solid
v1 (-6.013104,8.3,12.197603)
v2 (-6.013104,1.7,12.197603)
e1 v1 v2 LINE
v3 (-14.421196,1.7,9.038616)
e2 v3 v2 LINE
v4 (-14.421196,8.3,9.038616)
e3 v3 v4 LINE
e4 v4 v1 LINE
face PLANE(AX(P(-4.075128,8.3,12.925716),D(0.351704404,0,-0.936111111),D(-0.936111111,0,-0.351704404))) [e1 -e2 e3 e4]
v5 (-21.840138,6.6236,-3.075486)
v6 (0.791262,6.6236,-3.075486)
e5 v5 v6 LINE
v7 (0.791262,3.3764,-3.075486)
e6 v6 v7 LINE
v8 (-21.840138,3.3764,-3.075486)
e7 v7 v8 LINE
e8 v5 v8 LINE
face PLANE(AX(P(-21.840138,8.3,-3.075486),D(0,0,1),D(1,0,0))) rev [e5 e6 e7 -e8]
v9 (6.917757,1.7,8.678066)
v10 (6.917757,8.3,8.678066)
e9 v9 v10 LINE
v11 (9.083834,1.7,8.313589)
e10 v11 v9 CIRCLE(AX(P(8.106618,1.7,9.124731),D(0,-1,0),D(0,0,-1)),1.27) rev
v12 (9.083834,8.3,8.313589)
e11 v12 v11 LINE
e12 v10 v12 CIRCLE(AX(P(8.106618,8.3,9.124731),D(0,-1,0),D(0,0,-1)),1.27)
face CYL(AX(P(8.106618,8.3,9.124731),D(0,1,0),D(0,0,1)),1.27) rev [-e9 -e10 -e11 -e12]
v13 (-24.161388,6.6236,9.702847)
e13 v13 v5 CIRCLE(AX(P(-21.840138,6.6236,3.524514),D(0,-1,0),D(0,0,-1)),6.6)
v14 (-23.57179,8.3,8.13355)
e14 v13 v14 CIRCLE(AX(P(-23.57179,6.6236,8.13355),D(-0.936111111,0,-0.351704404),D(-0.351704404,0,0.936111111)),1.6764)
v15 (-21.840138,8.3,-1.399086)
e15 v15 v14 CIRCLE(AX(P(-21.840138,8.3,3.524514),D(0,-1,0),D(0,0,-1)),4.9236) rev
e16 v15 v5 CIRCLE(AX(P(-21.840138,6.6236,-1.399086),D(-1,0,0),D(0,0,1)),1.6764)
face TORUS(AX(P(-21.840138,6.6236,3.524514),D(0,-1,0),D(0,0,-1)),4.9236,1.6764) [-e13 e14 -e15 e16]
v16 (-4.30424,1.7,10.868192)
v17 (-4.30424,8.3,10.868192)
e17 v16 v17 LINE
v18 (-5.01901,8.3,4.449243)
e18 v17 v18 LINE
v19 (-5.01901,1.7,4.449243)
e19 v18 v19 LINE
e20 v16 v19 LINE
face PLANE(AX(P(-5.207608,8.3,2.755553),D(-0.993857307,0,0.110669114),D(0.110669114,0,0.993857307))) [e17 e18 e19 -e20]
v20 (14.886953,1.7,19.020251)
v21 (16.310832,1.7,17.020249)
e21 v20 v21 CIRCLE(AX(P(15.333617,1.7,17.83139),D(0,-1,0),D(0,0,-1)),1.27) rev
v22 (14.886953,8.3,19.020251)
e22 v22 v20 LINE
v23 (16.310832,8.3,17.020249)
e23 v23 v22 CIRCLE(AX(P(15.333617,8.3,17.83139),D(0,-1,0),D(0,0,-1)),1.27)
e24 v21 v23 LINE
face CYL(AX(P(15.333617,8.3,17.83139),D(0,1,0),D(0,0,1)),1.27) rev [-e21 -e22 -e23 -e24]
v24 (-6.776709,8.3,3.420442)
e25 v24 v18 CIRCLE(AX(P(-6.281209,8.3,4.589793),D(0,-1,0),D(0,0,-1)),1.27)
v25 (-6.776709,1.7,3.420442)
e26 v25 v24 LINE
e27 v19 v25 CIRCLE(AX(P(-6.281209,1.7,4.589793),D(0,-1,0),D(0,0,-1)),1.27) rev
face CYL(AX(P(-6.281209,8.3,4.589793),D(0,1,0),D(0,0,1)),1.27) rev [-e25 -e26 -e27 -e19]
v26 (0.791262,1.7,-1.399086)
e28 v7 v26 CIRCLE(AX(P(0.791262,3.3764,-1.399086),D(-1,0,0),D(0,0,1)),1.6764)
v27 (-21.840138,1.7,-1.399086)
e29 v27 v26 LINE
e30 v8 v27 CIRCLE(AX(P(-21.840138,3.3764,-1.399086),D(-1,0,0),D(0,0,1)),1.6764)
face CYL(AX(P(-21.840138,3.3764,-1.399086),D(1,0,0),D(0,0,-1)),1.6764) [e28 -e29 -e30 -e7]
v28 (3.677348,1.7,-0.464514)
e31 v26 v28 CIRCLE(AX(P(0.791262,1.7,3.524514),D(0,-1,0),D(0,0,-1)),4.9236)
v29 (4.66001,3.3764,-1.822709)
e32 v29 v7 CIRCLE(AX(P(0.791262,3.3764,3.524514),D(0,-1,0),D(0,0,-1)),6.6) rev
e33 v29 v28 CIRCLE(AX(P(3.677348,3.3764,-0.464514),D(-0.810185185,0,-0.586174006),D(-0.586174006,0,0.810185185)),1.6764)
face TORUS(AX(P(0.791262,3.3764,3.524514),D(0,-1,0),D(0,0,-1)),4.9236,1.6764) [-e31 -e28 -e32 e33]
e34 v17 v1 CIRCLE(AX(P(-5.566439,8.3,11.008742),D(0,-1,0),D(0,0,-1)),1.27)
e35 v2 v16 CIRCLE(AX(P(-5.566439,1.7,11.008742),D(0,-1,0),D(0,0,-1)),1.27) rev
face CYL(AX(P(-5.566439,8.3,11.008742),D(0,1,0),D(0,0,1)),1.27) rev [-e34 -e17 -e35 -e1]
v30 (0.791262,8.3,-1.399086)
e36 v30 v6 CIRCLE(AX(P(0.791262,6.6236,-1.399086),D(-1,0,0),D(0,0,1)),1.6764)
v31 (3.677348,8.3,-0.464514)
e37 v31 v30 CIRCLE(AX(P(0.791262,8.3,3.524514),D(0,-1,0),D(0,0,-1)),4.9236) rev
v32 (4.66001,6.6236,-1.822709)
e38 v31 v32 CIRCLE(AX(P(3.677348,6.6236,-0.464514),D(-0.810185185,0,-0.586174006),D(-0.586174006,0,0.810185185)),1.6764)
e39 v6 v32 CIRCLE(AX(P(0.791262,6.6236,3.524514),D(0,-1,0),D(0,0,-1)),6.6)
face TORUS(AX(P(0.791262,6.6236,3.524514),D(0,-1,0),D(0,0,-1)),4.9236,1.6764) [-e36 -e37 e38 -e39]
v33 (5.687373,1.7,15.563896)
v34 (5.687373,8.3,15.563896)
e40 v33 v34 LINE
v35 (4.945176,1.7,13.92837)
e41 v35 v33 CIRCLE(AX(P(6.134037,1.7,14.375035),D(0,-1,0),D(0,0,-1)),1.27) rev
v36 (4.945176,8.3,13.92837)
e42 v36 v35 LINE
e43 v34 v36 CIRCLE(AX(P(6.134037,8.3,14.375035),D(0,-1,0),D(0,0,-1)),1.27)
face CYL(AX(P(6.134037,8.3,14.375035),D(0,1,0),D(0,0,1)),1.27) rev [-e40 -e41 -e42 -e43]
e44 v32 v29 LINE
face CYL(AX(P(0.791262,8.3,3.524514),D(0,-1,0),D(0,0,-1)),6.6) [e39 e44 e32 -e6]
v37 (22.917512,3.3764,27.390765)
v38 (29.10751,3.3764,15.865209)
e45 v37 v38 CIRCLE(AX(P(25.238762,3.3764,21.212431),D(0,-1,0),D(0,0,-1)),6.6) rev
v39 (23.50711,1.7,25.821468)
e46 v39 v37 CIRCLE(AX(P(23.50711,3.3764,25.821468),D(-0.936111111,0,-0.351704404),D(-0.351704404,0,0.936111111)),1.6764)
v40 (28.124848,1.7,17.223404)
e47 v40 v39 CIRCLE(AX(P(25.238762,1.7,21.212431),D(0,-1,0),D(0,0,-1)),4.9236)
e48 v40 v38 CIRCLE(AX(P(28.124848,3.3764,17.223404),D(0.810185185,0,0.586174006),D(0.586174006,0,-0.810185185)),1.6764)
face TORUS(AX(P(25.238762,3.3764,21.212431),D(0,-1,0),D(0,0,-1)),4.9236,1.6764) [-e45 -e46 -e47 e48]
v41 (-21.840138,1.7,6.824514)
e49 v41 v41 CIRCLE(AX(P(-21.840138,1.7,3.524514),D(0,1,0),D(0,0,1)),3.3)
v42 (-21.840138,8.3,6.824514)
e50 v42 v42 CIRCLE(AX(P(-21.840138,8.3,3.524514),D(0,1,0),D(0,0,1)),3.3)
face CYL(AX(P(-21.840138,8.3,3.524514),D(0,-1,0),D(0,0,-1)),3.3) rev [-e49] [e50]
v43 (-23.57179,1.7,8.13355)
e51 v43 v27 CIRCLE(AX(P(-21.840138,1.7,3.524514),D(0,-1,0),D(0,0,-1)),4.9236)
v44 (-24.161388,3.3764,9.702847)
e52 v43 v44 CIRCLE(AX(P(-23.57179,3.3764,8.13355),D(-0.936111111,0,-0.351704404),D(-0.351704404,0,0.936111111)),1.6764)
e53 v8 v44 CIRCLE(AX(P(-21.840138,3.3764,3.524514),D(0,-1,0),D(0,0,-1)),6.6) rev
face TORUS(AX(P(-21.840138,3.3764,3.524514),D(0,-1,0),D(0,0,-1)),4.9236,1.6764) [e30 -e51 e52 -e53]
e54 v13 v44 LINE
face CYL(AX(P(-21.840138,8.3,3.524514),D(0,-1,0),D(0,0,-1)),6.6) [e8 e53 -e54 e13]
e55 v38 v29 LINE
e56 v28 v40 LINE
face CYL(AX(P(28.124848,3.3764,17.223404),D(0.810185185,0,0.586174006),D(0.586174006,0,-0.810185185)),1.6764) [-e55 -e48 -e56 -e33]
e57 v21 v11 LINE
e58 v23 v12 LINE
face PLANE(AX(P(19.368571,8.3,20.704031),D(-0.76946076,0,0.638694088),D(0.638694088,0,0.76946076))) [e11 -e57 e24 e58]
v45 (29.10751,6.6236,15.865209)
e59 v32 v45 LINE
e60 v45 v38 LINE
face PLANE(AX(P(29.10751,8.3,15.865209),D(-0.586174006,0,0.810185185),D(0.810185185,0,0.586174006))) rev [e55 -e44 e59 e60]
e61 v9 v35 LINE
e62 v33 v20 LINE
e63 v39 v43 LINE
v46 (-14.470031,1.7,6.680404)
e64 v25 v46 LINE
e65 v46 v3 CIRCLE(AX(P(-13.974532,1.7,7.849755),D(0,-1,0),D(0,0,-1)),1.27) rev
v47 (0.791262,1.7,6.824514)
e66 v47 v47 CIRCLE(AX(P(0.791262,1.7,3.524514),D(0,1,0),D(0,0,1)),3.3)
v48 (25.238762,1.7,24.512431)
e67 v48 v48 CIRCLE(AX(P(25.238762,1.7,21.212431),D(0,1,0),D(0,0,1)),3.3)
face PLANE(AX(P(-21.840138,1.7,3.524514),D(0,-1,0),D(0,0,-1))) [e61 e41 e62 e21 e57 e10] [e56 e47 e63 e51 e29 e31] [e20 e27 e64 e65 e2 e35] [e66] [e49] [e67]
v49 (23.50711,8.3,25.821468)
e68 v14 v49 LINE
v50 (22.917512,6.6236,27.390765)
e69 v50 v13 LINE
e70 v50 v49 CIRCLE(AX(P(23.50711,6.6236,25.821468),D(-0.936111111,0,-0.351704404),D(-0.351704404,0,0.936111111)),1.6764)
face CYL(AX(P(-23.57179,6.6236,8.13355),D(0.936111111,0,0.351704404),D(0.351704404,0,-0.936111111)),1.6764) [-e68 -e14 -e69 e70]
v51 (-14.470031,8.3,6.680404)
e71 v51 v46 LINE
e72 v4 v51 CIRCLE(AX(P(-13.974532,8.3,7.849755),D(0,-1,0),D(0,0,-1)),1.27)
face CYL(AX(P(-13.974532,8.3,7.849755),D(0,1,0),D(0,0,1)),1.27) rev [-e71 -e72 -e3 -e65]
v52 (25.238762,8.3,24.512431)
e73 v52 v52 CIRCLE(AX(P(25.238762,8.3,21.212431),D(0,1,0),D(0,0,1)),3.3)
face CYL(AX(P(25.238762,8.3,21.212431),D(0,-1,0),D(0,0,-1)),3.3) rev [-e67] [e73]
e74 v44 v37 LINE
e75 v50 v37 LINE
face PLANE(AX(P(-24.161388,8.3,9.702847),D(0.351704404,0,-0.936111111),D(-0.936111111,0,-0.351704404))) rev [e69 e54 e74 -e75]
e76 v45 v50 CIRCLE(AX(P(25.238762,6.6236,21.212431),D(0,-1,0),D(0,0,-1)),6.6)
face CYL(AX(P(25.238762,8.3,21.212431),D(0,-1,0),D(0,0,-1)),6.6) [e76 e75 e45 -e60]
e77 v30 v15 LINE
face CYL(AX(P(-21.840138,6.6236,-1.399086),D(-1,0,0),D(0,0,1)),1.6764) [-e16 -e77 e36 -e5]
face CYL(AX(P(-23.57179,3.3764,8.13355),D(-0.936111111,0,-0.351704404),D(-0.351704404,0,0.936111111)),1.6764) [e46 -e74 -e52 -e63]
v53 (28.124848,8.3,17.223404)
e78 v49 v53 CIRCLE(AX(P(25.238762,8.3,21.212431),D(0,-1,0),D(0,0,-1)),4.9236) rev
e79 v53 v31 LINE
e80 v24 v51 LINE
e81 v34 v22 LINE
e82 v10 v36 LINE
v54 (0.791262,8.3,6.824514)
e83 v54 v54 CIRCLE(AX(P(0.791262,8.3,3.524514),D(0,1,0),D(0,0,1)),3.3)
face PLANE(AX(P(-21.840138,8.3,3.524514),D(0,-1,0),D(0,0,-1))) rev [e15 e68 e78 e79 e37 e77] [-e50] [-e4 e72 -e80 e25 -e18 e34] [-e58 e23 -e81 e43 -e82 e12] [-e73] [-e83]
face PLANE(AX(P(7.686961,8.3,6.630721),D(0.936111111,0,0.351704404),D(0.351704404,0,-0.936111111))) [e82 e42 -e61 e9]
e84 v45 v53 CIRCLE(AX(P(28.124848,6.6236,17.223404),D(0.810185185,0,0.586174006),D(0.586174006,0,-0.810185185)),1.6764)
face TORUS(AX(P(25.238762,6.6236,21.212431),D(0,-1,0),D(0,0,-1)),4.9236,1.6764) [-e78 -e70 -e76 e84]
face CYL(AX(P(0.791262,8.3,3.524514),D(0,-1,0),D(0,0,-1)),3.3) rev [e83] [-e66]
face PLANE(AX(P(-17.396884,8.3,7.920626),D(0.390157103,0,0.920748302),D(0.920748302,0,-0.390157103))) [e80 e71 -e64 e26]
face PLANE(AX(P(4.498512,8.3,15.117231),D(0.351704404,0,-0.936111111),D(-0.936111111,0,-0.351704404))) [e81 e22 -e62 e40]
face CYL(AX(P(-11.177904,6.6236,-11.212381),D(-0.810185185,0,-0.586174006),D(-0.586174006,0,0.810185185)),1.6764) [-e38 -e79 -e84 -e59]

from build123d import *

# Parameters (mm, degrees)
SKETCH1_R           = 5
BOSS_EXTRUDE1_DEPTH = 10
FILLET1_R           = 2.54
SCALE1_SCALE        = 0.66
FILLET2_R           = 1.27


with BuildPart() as part:
    # Sketch1 → Boss-Extrude1 (new body)
    with BuildSketch(Plane(origin=(0, 0, 0), x_dir=(1, 0, 0), z_dir=(0, 1, 0))):
        with BuildLine():
            Line((-37.807044038, -9.361111111), (33.524622629, -36.160986681))
            ThreePointArc((33.524622629, -36.160986681), (45.851500304, -31.531347991), (42.90340673, -18.698023718))
            Line((42.90340673, -18.698023718), (5.861740063, 8.101851852))
            ThreePointArc((5.861740063, 8.101851852), (3.080704585, 9.513635439), (0, 10))
            Line((0, 10), (-34.29, 10))
            ThreePointArc((-34.29, 10), (-44.128981429, 1.787300882), (-37.807044038, -9.361111111))
        make_face()
        with Locations((-34.29, 0)):
            Circle(SKETCH1_R, mode=Mode.SUBTRACT)
        Circle(SKETCH1_R, mode=Mode.SUBTRACT)
        with Locations((37.041666667, -26.79987557)):
            Circle(SKETCH1_R, mode=Mode.SUBTRACT)
        Polygon((-7.373318213, -14.24424589), (-27.557795825, -6.660776812), (-9.089196081, 1.165091942), align=None, mode=Mode.SUBTRACT)
        Polygon((10.448030186, -4.7063742), (5.617045705, -17.564724), (28.147439019, -26.029572301), align=None, mode=Mode.SUBTRACT)
    extrude(amount=BOSS_EXTRUDE1_DEPTH)

    # Fillet1
    fillet1_edges = [part.edges().sort_by_distance(p)[0] for p in [
        (45.851500304, 10, 31.531347991),
        (24.382573397, 10, 5.298085933),
        (3.080704585, 10, -9.513635439),
        (-17.145, 10, -10),
        (-44.128981429, 10, -1.787300882),
        (-17.145, 0, -10),
        (3.080704585, 0, -9.513635439),
        (24.382573397, 0, 5.298085933),
        (-2.141210705, 10, 22.761048896),
        (45.851500304, 0, 31.531347991),
        (-2.141210705, 0, 22.761048896),
        (-44.128981429, 0, -1.787300882),
    ]]
    fillet(fillet1_edges, radius=FILLET1_R)


with BuildPart() as part_1:
    # Scale1: scaled about (2.327239798, 5, 10.366216283)
    add(part.part.scale(SCALE1_SCALE).moved(Location((0.791261531, 1.7, 3.524513536))))

    # Fillet2
    fillet2_edges = [part_1.edges().sort_by_distance(p)[0] for p in [
        (-4.075128489, 5, 12.925715824),
        (-5.207607882, 5, 2.755552855),
        (-17.396883713, 5, 7.920626232),
        (19.368571284, 5, 20.704031255),
        (7.686961454, 5, 6.630720508),
        (4.498511697, 5, 15.117231376),
    ]]
    fillet(fillet2_edges, radius=FILLET2_R)


solid = part_1.part
